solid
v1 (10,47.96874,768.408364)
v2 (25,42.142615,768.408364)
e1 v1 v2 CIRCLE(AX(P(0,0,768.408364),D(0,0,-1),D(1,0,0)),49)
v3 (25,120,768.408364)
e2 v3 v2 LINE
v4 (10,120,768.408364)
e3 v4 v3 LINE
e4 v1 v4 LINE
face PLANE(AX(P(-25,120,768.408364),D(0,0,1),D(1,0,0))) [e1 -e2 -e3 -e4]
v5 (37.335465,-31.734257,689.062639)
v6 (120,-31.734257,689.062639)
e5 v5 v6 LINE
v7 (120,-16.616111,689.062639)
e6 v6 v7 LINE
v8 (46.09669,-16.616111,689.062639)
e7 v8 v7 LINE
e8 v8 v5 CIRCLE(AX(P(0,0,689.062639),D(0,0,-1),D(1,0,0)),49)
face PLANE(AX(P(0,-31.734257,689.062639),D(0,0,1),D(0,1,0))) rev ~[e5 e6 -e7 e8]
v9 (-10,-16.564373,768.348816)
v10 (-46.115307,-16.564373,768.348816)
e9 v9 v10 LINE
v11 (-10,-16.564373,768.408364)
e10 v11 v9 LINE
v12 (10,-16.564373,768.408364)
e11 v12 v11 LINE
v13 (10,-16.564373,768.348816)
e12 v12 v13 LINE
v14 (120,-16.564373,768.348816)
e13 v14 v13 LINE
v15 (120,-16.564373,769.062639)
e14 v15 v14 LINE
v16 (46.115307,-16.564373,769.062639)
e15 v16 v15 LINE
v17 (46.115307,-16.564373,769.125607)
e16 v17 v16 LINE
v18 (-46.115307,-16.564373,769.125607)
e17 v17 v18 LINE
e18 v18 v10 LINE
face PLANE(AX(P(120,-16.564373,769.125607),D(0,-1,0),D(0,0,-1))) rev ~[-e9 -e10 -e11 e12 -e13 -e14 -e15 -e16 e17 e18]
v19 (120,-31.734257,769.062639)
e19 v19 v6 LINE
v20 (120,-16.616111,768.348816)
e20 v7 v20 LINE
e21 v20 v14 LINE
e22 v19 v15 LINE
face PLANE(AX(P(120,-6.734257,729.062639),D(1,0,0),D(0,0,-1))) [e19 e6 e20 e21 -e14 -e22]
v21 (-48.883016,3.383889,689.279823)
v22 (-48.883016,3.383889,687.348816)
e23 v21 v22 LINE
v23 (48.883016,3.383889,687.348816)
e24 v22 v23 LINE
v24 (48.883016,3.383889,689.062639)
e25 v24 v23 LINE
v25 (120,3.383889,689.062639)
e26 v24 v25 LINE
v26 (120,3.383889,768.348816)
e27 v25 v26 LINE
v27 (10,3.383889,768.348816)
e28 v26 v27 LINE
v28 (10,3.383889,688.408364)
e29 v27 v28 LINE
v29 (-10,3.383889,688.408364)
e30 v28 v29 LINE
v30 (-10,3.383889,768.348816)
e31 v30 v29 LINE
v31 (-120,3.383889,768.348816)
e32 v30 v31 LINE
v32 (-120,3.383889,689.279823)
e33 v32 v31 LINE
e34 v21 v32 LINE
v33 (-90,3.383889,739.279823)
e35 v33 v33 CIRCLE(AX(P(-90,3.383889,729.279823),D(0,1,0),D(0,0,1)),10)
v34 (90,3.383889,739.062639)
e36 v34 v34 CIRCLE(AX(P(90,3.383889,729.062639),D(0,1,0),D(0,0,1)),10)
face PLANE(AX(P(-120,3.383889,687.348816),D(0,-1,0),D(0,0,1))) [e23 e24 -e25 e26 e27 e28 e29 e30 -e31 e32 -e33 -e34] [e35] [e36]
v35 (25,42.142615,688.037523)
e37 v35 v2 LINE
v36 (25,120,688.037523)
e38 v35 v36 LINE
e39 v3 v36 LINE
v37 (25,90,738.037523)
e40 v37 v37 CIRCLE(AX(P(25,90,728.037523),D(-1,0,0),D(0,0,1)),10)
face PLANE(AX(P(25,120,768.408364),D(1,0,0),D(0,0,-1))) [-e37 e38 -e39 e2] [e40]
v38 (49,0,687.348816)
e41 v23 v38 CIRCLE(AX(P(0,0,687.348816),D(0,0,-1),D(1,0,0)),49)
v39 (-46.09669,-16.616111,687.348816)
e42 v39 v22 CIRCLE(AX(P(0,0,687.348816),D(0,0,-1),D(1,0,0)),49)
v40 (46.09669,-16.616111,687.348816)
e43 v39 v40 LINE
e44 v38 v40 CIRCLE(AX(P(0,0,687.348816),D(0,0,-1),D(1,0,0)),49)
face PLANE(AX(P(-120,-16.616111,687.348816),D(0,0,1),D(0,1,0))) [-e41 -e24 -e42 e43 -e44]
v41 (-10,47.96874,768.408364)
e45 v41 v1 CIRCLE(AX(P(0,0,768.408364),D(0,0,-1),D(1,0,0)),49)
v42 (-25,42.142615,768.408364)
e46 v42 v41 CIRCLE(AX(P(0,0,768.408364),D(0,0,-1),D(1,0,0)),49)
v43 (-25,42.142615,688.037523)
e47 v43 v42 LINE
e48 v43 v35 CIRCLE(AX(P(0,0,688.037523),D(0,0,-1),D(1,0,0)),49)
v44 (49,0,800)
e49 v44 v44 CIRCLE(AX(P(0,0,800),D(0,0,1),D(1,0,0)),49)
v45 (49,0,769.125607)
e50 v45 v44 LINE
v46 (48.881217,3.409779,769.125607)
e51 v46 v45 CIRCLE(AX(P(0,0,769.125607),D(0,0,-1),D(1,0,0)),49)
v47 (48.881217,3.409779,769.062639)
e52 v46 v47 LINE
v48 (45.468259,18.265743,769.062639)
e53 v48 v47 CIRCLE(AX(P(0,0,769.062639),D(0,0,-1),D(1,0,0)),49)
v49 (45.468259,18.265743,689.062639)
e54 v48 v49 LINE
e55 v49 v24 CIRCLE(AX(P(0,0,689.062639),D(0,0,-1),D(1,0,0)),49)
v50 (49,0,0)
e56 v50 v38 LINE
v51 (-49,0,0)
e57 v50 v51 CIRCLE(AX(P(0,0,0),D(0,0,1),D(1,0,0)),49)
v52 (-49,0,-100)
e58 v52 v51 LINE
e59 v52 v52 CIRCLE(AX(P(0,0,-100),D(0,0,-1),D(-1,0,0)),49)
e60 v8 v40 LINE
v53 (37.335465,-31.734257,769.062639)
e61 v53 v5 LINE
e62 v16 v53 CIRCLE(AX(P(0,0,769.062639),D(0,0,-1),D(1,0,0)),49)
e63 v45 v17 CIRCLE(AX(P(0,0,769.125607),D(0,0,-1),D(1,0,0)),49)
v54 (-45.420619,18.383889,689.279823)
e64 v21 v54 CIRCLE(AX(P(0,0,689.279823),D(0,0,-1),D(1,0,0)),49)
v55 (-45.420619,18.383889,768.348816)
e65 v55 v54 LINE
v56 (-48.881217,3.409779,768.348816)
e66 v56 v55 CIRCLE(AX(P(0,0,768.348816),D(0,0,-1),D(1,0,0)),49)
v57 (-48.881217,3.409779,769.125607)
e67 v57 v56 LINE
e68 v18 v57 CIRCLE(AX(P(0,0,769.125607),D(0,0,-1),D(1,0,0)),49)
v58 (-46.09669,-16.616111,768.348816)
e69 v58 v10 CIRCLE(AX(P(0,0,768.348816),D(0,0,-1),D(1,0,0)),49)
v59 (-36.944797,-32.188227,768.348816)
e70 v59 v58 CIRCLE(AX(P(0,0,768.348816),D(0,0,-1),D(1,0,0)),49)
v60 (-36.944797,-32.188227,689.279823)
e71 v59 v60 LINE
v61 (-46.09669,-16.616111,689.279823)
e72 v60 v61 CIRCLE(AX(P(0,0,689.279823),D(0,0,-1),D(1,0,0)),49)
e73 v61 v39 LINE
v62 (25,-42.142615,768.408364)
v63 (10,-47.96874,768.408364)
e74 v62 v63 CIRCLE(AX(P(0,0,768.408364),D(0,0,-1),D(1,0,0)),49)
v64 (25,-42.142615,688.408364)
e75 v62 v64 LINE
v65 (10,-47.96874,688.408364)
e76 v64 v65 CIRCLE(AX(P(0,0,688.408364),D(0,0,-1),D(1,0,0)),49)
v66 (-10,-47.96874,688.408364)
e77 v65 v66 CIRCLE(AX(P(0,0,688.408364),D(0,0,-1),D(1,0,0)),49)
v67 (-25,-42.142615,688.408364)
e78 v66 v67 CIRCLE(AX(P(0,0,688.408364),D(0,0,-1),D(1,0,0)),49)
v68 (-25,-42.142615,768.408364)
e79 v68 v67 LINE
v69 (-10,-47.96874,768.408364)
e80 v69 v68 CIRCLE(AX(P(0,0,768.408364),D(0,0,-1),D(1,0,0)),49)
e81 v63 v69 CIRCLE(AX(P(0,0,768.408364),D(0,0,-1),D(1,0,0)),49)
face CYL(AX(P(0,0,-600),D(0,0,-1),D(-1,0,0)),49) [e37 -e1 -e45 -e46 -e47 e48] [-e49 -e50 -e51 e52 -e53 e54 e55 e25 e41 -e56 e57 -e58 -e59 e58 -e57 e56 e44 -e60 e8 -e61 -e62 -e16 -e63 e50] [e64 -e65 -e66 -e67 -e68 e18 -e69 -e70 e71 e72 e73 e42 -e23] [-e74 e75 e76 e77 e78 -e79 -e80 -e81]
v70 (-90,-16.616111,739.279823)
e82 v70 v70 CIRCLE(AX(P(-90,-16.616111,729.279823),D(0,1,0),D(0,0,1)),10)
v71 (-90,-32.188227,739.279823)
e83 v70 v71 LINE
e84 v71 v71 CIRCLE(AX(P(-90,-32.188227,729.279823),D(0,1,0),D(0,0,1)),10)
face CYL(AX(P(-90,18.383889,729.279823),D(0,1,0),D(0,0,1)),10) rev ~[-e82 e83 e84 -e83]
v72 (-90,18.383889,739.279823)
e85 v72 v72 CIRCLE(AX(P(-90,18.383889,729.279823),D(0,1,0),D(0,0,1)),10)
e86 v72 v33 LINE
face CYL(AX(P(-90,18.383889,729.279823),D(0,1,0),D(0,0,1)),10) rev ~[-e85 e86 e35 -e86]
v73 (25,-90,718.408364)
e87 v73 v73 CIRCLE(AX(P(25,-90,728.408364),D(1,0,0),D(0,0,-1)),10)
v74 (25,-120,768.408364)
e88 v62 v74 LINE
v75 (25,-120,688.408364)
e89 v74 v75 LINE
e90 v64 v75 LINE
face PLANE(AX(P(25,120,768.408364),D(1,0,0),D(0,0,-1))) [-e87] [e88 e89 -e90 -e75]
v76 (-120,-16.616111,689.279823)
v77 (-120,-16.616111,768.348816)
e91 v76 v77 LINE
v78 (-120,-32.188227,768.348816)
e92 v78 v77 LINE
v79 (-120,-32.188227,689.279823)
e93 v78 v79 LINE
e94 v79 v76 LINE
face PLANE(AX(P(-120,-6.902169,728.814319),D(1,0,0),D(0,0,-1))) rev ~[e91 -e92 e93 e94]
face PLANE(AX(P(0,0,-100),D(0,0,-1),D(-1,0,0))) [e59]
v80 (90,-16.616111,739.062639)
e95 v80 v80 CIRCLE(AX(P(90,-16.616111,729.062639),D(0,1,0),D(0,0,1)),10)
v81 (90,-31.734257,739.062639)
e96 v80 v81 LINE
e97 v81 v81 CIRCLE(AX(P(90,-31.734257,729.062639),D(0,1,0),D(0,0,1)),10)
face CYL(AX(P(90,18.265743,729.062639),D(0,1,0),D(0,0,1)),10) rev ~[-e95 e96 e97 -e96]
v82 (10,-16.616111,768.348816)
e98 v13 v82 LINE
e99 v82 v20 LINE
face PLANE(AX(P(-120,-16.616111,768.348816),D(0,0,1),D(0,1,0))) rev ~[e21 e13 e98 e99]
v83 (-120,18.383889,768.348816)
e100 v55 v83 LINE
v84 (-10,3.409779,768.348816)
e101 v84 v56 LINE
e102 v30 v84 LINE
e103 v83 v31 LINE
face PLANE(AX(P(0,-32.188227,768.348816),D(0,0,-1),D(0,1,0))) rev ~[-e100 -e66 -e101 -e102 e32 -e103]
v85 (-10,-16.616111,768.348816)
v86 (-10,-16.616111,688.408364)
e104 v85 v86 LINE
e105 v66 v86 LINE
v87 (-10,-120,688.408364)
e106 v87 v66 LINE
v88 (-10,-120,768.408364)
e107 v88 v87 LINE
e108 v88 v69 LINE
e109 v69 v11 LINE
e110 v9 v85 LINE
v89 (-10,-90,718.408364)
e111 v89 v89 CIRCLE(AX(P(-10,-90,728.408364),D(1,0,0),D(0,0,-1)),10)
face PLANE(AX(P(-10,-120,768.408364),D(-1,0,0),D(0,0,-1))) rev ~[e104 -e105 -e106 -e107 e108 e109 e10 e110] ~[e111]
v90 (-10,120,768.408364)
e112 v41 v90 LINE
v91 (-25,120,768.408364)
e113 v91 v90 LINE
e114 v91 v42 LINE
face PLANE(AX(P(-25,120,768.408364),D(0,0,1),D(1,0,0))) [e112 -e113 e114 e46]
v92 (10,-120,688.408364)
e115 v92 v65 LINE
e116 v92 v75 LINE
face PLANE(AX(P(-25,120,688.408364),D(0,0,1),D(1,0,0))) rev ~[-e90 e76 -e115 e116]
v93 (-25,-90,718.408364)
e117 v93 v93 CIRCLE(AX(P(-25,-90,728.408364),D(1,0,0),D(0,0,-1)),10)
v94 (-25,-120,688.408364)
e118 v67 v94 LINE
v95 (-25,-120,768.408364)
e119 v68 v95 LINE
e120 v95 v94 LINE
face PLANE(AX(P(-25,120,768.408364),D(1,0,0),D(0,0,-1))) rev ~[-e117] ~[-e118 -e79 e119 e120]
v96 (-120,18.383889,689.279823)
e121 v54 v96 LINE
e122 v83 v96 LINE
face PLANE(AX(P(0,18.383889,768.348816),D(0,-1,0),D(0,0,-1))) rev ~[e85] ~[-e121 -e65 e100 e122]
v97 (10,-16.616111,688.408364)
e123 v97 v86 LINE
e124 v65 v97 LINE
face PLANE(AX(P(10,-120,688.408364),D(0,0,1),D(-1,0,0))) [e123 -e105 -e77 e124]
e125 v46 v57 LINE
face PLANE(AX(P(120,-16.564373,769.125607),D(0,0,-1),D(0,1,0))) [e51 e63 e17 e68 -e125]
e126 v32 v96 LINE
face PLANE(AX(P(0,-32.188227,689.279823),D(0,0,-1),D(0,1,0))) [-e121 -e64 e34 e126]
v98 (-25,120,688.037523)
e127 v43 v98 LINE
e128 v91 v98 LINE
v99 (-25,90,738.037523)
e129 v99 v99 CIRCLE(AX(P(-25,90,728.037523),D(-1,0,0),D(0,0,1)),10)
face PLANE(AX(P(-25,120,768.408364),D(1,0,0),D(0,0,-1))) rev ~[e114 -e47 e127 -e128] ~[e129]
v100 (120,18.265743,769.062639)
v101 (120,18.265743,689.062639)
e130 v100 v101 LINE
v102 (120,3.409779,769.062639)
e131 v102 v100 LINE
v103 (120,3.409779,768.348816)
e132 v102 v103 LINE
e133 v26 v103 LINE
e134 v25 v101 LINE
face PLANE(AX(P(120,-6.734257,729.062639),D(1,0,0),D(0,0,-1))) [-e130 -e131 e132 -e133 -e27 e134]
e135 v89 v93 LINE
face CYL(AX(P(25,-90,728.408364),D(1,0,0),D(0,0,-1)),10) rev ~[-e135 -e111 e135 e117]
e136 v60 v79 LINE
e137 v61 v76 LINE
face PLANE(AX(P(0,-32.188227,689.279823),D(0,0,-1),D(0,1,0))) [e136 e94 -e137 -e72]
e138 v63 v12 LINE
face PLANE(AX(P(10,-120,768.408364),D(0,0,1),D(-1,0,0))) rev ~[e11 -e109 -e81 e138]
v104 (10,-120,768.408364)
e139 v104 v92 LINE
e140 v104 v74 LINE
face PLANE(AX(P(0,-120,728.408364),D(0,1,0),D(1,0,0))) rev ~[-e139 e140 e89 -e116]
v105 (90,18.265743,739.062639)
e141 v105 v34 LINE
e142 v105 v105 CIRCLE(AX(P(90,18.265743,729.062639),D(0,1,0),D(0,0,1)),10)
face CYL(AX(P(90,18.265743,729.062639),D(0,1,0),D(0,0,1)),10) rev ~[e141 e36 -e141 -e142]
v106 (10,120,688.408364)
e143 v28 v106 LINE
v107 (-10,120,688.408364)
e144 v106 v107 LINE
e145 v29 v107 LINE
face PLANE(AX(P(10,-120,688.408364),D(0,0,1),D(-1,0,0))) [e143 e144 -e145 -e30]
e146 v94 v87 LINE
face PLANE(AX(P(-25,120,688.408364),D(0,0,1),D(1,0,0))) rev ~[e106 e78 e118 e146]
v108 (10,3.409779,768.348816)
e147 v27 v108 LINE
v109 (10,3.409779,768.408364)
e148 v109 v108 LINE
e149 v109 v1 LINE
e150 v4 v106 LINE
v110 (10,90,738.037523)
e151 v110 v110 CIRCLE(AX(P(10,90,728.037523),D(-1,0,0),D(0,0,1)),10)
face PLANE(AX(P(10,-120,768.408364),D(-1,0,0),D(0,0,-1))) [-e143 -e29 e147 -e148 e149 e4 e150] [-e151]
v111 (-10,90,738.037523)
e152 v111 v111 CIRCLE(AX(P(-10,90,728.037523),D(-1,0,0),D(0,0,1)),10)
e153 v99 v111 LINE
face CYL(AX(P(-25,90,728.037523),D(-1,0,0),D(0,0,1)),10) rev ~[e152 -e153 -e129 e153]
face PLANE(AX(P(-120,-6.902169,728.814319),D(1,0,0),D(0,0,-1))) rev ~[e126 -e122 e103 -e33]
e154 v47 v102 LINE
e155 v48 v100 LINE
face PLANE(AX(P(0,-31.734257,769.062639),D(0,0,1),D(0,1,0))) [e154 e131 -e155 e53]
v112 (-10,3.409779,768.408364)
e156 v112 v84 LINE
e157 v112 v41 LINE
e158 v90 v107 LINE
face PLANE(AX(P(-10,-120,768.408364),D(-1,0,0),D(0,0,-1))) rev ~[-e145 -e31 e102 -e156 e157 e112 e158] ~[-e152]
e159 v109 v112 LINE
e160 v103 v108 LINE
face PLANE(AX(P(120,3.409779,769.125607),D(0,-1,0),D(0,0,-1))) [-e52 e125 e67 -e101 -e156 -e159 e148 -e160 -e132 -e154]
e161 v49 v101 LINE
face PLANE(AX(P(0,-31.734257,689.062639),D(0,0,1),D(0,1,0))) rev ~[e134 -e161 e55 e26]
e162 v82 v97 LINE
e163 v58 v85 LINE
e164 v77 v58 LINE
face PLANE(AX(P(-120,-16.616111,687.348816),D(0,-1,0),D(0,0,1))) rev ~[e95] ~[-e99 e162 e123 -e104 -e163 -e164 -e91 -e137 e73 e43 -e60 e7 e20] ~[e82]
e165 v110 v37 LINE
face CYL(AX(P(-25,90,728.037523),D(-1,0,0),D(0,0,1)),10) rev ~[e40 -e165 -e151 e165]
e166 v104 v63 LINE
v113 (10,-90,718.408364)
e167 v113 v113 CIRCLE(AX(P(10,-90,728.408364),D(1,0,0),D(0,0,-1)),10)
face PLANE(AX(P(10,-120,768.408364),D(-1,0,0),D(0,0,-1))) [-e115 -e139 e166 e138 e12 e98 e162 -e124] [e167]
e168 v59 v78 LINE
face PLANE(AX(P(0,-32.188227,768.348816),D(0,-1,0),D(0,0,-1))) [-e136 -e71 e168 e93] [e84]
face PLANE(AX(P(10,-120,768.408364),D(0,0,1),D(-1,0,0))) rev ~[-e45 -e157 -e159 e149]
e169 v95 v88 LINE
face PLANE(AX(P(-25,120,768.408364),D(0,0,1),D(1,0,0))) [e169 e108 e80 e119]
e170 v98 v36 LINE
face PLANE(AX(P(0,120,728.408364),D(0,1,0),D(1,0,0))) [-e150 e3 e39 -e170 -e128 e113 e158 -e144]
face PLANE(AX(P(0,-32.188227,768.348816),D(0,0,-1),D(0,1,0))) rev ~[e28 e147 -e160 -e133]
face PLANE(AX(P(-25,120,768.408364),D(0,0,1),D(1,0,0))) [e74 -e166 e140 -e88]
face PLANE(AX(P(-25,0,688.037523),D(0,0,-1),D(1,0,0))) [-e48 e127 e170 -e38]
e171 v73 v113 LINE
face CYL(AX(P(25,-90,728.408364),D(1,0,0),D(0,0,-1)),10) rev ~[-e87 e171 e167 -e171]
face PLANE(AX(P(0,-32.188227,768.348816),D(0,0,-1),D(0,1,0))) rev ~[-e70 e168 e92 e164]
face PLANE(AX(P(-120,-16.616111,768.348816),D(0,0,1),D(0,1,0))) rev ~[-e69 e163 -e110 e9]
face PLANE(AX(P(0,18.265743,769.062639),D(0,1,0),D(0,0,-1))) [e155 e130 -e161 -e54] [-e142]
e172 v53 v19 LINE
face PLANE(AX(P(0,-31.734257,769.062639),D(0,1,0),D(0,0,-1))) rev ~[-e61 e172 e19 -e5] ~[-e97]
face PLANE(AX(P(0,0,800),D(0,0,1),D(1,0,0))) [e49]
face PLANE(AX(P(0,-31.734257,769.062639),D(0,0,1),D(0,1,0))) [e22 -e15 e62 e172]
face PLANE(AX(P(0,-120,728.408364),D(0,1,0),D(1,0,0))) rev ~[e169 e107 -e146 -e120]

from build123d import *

# Parameters (mm, degrees)
SKETCH_1_R           = 49
EXTRUDE_1_DEPTH      = 800
SKETCH_6_W           = 80
SKETCH_6_H           = 50
EXTRUDE_4_DEPTH      = 120
SKETCH_7_W           = 79.068992587
SKETCH_7_H           = 50.572115984
EXTRUDE_5_DEPTH      = 120
SKETCH_8_W           = 50
SKETCH_8_H           = 80
EXTRUDE_6_DEPTH      = 120
SKETCH_11_W          = 50
SKETCH_11_H          = 80
EXTRUDE_7_DEPTH      = 240
SKETCH_12_W          = 81
SKETCH_12_H          = 20
CUT_EXTRUDE_2_DEPTH  = 240
SKETCH_13_W          = 0.776791224
SKETCH_13_H          = 19.974152477
CUT_EXTRUDE_3_DEPTH  = 240
SKETCH_14_W          = 20
SKETCH_14_H          = 80
CUT_EXTRUDE_4_DEPTH  = 240
SKETCH_15_R          = 10
CUT_EXTRUDE_5_DEPTH  = 240
SKETCH_16_R          = 10
CUT_EXTRUDE_7_DEPTH  = 240
SKETCH_17_R          = 10
CUT_EXTRUDE_8_DEPTH  = 240
SKETCH_18_R          = 10
CUT_EXTRUDE_9_DEPTH  = 240
SKETCH_20_R          = 49
EXTRUDE_11_DEPTH     = 600
SKETCH_19_R          = 37.31025629
CUT_EXTRUDE_10_DEPTH = 818.80193201
CUT_EXTRUDE_START    = -600
SKETCH_21_R          = 49
CUT_EXTRUDE_11_DEPTH = 600
EXTRUDE_START        = 600
SKETCH_22_R          = 49
EXTRUDE_12_DEPTH     = 600
SKETCH_23_R          = 49
CUT_EXTRUDE_13_DEPTH = 500


with BuildPart() as part:
    # 草图1 → 凸台-拉伸1 (new body)
    with BuildSketch(Plane.XY):
        Circle(SKETCH_1_R)
    extrude(amount=EXTRUDE_1_DEPTH)

    # 草图6 → 凸台-拉伸4 (add)
    with BuildSketch(Plane(origin=(0, 0, 0), x_dir=(0, 0, -1), z_dir=(1, 0, 0))):
        with Locations((-729.062639013, -6.734256512)):
            Rectangle(SKETCH_6_W, SKETCH_6_H)
    extrude(amount=EXTRUDE_4_DEPTH)

    # 草图7 → 凸台-拉伸5 (add)
    with BuildSketch(Plane(origin=(0, 0, 0), x_dir=(0, 0, -1), z_dir=(1, 0, 0))):
        with Locations((-728.814319263, -6.902168752)):
            Rectangle(SKETCH_7_W, SKETCH_7_H)
    extrude(amount=-EXTRUDE_5_DEPTH)

    # 草图8 → 凸台-拉伸6 (add)
    with BuildSketch(Plane(origin=(0, 0, 0), x_dir=(1, 0, 0), z_dir=(0, 1, 0))):
        with Locations((0, -728.037522505)):
            Rectangle(SKETCH_8_W, SKETCH_8_H)
    extrude(amount=EXTRUDE_6_DEPTH)

    # 草图11 → 凸台-拉伸7 (add)
    with BuildSketch(Plane(origin=(0, 120, 0), x_dir=(1, 0, 0), z_dir=(0, 1, 0))):
        with Locations((0, -728.408363968)):
            Rectangle(SKETCH_11_W, SKETCH_11_H)
    extrude(amount=-EXTRUDE_7_DEPTH)

    # 草图12 → 切除-拉伸2 (cut)
    with BuildSketch(Plane.ZY.offset(120)):
        with Locations((727.848815556, -6.61611076)):
            Rectangle(SKETCH_12_W, SKETCH_12_H)
    extrude(amount=-CUT_EXTRUDE_2_DEPTH, mode=Mode.SUBTRACT)

    # 草图13 → 切除-拉伸3 (cut)
    with BuildSketch(Plane(origin=(120, 0, 0), x_dir=(0, 0, -1), z_dir=(1, 0, 0))):
        with Locations((-768.737211168, -6.577297247)):
            Rectangle(SKETCH_13_W, SKETCH_13_H)
    extrude(amount=-CUT_EXTRUDE_3_DEPTH, mode=Mode.SUBTRACT)

    # 草图14 → 切除-拉伸4 (cut)
    with BuildSketch(Plane(origin=(0, -120, 0), x_dir=(-1, 0, 0), z_dir=(0, -1, 0))):
        with Locations((0, -728.408363968)):
            Rectangle(SKETCH_14_W, SKETCH_14_H)
    extrude(amount=-CUT_EXTRUDE_4_DEPTH, mode=Mode.SUBTRACT)

    # 草图15 → 切除-拉伸5 (cut)
    with BuildSketch(Plane(origin=(0, 18.38388924, 0), x_dir=(1, 0, 0), z_dir=(0, 1, 0))):
        with Locations(Location((-90, -729.279822969, 0), (0, 0, 270))):
            Circle(SKETCH_15_R)
    extrude(amount=-CUT_EXTRUDE_5_DEPTH, mode=Mode.SUBTRACT)

    # 草图16 → 切除-拉伸7 (cut)
    with BuildSketch(Plane.ZY.offset(25)):
        with Locations((728.037522505, 90)):
            Circle(SKETCH_16_R)
    extrude(amount=-CUT_EXTRUDE_7_DEPTH, mode=Mode.SUBTRACT)

    # 草图17 → 切除-拉伸8 (cut)
    with BuildSketch(Plane(origin=(0, 18.265743488, 0), x_dir=(1, 0, 0), z_dir=(0, 1, 0))):
        with Locations(Location((90, -729.062639013, 0), (0, 0, 270))):
            Circle(SKETCH_17_R)
    extrude(amount=-CUT_EXTRUDE_8_DEPTH, mode=Mode.SUBTRACT)

    # 草图18 → 切除-拉伸9 (cut)
    with BuildSketch(Plane(origin=(25, 0, 0), x_dir=(0, 0, -1), z_dir=(1, 0, 0))):
        with Locations((-728.408363968, -90)):
            Circle(SKETCH_18_R)
    extrude(amount=-CUT_EXTRUDE_9_DEPTH, mode=Mode.SUBTRACT)

    # 草图20 → 凸台-拉伸11 (add)
    with BuildSketch(Plane.XY.offset(800)):
        Circle(SKETCH_20_R)
    extrude(amount=EXTRUDE_11_DEPTH)

    # 草图19 → 切除-拉伸10 (cut, through all)
    with BuildSketch(Plane.XY.offset(800)):
        Circle(SKETCH_19_R)
    extrude(amount=CUT_EXTRUDE_10_DEPTH, mode=Mode.SUBTRACT)

    # 草图21 → 切除-拉伸11 (cut)
    with BuildSketch(Plane.XY.offset(1400).offset(CUT_EXTRUDE_START)):
        Circle(SKETCH_21_R)
    extrude(amount=CUT_EXTRUDE_11_DEPTH, mode=Mode.SUBTRACT)

    # 草图22 → 凸台-拉伸12 (add)
    with BuildSketch(Plane(origin=(0, 0, 0), x_dir=(-1, 0, 0), z_dir=(0, 0, -1)).offset(EXTRUDE_START)):
        Circle(SKETCH_22_R)
    extrude(amount=-EXTRUDE_12_DEPTH)

    # 草图23 → 切除-拉伸13 (cut)
    with BuildSketch(Plane(origin=(0, 0, -600), x_dir=(-1, 0, 0), z_dir=(0, 0, -1))):
        Circle(SKETCH_23_R)
    extrude(amount=-CUT_EXTRUDE_13_DEPTH, mode=Mode.SUBTRACT)


solid = part.part
